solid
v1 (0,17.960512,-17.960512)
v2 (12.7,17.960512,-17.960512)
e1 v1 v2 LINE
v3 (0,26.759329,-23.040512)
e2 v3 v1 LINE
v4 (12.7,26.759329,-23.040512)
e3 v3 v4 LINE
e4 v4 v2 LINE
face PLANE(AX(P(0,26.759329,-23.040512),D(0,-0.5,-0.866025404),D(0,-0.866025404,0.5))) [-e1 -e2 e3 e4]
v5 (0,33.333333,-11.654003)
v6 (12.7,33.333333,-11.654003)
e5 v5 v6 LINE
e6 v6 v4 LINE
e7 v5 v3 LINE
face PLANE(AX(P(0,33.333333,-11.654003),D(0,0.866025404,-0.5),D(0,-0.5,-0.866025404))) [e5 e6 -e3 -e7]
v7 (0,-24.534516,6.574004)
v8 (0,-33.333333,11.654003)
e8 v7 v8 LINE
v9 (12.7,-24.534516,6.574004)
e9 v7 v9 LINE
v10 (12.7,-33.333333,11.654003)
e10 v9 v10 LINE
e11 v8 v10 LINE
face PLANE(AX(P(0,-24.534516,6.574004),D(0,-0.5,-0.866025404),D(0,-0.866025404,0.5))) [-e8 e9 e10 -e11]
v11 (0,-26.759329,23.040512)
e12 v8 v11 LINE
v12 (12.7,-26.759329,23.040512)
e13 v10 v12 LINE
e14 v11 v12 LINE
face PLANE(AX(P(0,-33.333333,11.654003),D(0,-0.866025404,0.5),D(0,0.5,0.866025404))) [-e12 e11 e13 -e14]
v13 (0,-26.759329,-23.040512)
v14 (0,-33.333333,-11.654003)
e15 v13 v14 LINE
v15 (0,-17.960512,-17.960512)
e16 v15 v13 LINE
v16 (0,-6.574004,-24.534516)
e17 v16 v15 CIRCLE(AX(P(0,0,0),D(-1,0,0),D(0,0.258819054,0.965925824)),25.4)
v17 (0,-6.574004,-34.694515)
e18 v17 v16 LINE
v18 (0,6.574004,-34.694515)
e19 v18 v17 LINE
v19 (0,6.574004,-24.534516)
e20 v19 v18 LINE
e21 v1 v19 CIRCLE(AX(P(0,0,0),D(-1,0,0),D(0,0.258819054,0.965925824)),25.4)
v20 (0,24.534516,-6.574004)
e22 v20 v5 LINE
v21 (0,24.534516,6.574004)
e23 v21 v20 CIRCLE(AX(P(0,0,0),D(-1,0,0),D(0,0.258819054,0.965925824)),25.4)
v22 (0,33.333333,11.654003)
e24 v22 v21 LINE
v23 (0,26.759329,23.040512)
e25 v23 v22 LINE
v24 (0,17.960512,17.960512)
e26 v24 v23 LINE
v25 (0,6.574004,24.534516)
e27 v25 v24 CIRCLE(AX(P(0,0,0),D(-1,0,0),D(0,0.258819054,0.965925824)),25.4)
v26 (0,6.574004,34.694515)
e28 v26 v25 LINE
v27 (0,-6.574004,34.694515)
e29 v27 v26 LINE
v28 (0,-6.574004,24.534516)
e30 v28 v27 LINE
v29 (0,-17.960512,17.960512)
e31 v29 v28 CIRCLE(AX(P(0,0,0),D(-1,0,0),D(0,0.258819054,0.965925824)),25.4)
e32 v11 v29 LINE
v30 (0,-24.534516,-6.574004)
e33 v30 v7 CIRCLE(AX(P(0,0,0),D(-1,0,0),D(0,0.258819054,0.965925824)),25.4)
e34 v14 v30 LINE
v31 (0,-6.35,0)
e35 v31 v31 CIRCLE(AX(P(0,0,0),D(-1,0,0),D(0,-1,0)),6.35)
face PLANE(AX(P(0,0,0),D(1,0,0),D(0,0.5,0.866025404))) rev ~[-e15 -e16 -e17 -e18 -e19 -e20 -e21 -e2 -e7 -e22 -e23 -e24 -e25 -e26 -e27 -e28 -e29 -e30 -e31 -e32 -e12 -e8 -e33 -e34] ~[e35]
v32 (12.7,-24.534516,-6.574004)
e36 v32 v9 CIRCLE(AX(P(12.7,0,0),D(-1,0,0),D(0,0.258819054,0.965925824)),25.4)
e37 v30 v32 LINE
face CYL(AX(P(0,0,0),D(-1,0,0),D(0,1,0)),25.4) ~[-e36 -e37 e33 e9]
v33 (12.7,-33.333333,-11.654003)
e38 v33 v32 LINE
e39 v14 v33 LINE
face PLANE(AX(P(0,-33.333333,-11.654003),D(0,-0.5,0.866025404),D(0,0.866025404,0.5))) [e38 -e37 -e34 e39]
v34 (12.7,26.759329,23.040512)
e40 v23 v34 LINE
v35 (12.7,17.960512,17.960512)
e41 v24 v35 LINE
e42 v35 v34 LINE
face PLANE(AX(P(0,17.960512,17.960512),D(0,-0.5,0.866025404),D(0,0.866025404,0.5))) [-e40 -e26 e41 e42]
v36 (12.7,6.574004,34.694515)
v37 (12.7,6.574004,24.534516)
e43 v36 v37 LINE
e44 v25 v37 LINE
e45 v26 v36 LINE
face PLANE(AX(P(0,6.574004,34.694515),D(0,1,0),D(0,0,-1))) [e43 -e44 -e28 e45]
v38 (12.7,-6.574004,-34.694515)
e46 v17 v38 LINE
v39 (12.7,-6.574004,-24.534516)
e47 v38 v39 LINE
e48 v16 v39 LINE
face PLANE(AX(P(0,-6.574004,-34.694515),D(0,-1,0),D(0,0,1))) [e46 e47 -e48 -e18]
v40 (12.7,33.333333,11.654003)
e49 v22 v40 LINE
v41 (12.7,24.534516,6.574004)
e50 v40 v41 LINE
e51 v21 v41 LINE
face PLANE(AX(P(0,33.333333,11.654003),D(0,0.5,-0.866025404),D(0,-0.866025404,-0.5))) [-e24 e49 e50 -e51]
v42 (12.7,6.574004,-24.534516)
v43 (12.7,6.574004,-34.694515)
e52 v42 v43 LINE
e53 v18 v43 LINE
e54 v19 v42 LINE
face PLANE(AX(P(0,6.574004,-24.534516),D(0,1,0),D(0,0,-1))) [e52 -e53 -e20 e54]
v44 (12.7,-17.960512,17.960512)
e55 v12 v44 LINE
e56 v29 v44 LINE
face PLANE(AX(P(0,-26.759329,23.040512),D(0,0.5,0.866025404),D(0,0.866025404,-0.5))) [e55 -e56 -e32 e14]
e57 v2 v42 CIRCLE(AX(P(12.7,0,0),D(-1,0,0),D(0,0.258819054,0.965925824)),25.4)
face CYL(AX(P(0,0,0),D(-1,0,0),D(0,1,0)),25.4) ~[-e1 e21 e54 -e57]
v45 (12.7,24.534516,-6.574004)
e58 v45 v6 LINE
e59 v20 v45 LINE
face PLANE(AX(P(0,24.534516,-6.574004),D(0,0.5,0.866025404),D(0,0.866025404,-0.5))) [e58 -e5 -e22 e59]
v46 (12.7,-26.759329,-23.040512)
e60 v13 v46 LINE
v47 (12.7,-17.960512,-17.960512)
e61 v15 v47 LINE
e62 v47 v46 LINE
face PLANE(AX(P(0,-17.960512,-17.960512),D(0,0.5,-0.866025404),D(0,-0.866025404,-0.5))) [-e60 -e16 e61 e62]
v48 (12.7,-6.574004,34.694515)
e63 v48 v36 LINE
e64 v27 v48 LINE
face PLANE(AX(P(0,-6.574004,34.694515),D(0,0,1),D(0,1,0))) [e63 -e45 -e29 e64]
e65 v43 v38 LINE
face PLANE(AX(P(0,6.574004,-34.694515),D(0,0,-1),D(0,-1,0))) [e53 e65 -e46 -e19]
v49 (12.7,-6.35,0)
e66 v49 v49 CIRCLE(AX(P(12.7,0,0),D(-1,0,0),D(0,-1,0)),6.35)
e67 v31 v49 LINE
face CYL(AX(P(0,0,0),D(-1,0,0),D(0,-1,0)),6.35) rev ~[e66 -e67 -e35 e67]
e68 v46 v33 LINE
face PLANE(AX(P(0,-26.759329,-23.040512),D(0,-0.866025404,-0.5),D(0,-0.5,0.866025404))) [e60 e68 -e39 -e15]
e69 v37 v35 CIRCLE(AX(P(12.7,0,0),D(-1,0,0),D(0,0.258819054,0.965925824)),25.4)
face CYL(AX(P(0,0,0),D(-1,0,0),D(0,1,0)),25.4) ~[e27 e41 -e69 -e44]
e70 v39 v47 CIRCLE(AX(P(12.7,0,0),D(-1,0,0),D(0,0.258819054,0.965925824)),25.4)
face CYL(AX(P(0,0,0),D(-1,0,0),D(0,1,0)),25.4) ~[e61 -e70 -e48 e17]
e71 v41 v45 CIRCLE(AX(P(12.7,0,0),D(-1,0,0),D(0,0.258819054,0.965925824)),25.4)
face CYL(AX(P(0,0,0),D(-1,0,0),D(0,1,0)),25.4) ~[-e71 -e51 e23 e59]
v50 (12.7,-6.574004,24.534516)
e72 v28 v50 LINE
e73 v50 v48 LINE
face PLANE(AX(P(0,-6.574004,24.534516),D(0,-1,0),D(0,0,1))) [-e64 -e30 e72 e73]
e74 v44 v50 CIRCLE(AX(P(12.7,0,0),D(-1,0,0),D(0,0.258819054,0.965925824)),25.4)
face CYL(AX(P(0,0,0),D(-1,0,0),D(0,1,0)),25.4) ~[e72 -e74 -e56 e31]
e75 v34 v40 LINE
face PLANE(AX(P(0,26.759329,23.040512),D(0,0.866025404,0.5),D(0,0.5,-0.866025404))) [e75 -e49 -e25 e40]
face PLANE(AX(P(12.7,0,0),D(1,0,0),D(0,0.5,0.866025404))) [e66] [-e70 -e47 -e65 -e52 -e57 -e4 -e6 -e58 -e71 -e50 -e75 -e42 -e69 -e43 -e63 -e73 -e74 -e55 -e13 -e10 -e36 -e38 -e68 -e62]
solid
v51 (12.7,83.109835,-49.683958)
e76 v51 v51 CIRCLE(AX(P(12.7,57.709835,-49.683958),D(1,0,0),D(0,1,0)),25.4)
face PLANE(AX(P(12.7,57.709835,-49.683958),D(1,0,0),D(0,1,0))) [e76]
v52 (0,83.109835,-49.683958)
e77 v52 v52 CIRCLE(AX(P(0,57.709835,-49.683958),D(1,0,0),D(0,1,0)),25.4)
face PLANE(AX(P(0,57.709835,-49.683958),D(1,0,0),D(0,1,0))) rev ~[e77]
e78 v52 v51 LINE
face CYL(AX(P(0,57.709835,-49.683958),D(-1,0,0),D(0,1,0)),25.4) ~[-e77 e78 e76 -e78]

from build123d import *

# Parameters (mm, degrees)
F0_R     = 25.4
F1_DEPTH = 12.7
F3_DEPTH = 12.7
F5_COUNT = 6
F6_R     = 6.35
F7_DEPTH = 25.4
F8_R     = 25.4
F9_DEPTH = 12.7


with BuildPart() as f1:
    # F0 (on Right) → F1 (new body)
    with BuildSketch(Plane.YZ):
        Circle(F0_R)
    extrude(amount=F1_DEPTH)

    # F2 (on face) → F3 (join)
    with BuildSketch(Plane(origin=(0, 0, 0), x_dir=(0, -1, 0), z_dir=(-1, 0, 0))):
        Polygon((-6.574004, 24.534516), (0, 0), (0, 24.534516), align=None)
        Polygon((0, 24.534516), (0, 0), (6.574004, 24.534516), align=None)
        Polygon((-6.574004, 24.534516), (0, 24.534516), (6.574004, 24.534516), (6.574004, 34.694515), (-6.574004, 34.694515), align=None)
    extrude(amount=-F3_DEPTH)

    # F5: F1 ×6 about axis
    f5_axis = Axis((-28.345339, 0, 0), (-1, 0, 0))


with BuildPart() as f1_1:
    add(f1.part)
    for i in range(1, F5_COUNT):
        add(f1.part.rotate(f5_axis, i * 360 / F5_COUNT))

    # F6 (on face) → F7 (cut)
    with BuildSketch(Plane(origin=(0, 0, 0), x_dir=(0, -1, 0), z_dir=(-1, 0, 0))):
        Circle(F6_R)
    extrude(amount=-F7_DEPTH, mode=Mode.SUBTRACT)


with BuildPart() as f9:
    # F8 (on Right) → F9 (new body)
    with BuildSketch(Plane.YZ):
        with Locations((57.709835, -49.683958)):
            Circle(F8_R)
    extrude(amount=F9_DEPTH)


solid = Compound([f1_1.part, f9.part])
